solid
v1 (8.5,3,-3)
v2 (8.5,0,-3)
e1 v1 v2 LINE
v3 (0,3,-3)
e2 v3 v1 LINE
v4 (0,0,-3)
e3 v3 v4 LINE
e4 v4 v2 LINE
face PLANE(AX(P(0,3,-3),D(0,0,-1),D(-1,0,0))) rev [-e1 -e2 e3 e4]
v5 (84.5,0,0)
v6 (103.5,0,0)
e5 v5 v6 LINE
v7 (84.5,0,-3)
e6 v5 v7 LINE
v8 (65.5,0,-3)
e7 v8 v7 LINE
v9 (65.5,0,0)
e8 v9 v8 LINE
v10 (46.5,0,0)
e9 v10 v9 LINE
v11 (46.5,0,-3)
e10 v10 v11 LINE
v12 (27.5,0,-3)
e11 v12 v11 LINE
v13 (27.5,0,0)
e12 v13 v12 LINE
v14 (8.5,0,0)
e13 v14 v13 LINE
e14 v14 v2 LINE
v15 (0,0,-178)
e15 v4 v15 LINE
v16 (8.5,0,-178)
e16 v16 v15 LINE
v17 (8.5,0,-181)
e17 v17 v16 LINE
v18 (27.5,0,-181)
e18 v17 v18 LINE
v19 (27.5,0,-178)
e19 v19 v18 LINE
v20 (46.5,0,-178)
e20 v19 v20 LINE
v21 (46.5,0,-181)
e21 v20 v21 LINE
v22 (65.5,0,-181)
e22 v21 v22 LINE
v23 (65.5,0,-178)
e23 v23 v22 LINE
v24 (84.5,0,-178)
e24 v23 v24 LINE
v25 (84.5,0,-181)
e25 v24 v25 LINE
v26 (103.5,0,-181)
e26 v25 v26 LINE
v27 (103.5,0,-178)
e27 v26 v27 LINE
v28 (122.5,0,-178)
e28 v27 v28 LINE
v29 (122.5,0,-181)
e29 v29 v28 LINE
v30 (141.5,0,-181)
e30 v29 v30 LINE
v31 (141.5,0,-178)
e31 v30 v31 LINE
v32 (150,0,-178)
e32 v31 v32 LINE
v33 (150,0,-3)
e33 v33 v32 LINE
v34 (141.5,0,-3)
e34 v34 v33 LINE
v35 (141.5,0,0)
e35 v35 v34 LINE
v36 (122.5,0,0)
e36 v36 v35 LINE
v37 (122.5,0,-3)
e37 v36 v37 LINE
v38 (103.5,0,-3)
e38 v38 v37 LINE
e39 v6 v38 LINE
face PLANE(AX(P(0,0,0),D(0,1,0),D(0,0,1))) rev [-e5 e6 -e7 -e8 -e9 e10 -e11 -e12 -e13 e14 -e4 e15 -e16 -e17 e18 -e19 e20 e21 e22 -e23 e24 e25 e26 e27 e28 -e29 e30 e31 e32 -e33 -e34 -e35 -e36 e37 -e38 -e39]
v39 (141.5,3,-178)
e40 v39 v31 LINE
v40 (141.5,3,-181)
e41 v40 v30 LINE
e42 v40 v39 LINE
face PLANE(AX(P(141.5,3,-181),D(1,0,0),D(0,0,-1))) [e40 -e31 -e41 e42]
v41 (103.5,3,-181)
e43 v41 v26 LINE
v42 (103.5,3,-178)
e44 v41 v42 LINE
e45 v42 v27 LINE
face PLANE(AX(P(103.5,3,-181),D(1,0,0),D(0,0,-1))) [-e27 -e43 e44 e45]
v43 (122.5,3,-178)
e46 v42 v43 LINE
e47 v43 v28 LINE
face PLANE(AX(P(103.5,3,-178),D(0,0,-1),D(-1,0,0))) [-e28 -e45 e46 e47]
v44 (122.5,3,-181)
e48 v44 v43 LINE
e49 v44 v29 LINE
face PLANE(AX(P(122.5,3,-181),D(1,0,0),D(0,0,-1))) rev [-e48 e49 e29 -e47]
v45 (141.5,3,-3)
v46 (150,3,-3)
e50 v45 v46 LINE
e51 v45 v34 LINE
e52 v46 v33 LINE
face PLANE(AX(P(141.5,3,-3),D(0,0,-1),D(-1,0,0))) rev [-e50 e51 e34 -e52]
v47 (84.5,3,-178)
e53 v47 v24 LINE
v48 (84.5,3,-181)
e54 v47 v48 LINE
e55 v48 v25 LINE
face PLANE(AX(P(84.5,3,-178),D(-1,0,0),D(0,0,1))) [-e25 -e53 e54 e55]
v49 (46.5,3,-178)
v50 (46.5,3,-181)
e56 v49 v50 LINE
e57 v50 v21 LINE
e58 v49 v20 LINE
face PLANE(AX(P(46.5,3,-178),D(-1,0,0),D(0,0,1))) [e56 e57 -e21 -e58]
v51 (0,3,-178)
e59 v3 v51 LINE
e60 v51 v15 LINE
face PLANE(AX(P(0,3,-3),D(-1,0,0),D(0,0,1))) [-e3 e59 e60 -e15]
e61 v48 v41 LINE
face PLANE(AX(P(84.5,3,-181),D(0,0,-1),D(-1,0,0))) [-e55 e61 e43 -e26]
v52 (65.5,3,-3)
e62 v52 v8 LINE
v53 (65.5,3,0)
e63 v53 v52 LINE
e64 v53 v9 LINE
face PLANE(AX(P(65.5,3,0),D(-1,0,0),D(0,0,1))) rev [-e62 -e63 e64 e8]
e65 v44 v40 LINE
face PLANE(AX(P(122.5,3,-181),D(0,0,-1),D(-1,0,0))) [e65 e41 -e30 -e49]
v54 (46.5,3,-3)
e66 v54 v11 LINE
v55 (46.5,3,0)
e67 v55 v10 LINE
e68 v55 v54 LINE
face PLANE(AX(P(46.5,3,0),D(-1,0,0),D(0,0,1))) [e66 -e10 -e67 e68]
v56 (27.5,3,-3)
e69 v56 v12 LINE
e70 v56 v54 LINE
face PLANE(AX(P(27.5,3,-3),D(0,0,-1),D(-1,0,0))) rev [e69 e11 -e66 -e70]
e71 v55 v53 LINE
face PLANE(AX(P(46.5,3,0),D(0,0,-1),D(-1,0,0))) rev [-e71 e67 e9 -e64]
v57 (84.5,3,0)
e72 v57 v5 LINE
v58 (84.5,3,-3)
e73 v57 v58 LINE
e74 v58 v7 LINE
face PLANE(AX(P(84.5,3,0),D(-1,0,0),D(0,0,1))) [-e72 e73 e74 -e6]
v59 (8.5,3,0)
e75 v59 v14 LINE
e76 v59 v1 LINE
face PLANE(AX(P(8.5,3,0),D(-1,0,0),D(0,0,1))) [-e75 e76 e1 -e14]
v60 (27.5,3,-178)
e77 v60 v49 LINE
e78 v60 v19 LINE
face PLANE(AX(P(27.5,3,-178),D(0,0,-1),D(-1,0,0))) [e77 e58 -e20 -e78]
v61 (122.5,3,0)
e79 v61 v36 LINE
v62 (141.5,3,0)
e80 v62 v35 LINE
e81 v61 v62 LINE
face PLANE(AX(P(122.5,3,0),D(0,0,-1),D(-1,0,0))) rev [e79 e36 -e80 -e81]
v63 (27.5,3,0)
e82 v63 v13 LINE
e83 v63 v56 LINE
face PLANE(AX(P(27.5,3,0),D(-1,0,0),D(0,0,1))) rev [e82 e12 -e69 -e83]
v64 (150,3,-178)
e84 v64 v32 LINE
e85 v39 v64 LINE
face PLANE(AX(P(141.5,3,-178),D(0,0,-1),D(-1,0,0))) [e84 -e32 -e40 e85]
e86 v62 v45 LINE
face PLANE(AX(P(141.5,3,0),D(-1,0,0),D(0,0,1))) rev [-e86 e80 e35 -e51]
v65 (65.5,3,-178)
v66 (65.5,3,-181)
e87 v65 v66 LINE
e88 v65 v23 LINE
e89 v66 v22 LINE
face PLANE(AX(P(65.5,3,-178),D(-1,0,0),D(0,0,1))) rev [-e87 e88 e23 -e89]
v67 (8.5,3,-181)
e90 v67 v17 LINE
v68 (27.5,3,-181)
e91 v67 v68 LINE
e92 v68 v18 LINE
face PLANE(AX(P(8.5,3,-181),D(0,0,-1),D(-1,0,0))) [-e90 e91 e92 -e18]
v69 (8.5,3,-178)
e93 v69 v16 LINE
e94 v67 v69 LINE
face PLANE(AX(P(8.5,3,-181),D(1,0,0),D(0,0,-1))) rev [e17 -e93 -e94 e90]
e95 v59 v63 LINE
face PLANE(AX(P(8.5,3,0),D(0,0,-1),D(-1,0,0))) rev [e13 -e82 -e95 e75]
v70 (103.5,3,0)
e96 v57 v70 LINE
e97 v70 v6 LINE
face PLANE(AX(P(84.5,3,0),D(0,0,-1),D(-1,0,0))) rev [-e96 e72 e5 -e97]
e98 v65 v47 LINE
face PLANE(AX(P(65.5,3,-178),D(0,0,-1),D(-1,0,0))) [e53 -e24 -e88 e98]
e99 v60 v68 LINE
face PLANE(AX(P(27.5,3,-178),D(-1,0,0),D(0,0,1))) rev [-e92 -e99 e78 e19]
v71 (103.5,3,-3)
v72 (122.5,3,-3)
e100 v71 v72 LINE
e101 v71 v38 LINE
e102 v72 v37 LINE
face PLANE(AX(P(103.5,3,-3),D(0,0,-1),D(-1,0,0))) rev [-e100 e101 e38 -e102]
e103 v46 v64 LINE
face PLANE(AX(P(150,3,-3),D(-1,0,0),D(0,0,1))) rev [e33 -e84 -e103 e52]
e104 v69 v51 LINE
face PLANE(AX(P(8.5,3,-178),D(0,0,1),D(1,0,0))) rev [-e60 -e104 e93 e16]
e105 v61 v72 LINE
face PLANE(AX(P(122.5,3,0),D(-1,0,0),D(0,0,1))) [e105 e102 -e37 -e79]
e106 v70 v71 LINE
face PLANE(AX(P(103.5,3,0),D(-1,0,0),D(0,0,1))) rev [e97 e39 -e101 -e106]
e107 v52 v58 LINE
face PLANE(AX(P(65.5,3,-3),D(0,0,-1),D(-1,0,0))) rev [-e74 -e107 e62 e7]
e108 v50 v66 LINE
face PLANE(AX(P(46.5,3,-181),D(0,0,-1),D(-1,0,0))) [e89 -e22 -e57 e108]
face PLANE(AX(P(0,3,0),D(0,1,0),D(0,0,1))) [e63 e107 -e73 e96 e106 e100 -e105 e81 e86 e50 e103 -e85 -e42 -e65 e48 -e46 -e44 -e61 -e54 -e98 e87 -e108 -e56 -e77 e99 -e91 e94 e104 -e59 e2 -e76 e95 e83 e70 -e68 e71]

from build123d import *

# Parameters (mm, degrees)
BOSS_EXTRUDE1_DEPTH = 3


with BuildPart() as part:
    # Sketch1 → Boss-Extrude1 (new body)
    with BuildSketch(Plane(origin=(0, 0, 0), x_dir=(1, 0, 0), z_dir=(0, 1, 0))):
        Polygon((46.5, 181), (65.5, 181), (65.5, 178), (84.5, 178), (84.5, 181), (103.5, 181), (103.5, 178), (122.5, 178), (122.5, 181), (141.5, 181), (141.5, 178), (150, 178), (150, 3), (141.5, 3), (141.5, 0), (122.5, 0), (122.5, 3), (103.5, 3), (103.5, 0), (84.5, 0), (84.5, 3), (65.5, 3), (65.5, 0), (46.5, 0), (46.5, 3), (27.5, 3), (27.5, 0), (8.5, 0), (8.5, 3), (0, 3), (0, 178), (8.5, 178), (8.5, 181), (27.5, 181), (27.5, 178), (46.5, 178), align=None)
    extrude(amount=BOSS_EXTRUDE1_DEPTH)


solid = part.part
